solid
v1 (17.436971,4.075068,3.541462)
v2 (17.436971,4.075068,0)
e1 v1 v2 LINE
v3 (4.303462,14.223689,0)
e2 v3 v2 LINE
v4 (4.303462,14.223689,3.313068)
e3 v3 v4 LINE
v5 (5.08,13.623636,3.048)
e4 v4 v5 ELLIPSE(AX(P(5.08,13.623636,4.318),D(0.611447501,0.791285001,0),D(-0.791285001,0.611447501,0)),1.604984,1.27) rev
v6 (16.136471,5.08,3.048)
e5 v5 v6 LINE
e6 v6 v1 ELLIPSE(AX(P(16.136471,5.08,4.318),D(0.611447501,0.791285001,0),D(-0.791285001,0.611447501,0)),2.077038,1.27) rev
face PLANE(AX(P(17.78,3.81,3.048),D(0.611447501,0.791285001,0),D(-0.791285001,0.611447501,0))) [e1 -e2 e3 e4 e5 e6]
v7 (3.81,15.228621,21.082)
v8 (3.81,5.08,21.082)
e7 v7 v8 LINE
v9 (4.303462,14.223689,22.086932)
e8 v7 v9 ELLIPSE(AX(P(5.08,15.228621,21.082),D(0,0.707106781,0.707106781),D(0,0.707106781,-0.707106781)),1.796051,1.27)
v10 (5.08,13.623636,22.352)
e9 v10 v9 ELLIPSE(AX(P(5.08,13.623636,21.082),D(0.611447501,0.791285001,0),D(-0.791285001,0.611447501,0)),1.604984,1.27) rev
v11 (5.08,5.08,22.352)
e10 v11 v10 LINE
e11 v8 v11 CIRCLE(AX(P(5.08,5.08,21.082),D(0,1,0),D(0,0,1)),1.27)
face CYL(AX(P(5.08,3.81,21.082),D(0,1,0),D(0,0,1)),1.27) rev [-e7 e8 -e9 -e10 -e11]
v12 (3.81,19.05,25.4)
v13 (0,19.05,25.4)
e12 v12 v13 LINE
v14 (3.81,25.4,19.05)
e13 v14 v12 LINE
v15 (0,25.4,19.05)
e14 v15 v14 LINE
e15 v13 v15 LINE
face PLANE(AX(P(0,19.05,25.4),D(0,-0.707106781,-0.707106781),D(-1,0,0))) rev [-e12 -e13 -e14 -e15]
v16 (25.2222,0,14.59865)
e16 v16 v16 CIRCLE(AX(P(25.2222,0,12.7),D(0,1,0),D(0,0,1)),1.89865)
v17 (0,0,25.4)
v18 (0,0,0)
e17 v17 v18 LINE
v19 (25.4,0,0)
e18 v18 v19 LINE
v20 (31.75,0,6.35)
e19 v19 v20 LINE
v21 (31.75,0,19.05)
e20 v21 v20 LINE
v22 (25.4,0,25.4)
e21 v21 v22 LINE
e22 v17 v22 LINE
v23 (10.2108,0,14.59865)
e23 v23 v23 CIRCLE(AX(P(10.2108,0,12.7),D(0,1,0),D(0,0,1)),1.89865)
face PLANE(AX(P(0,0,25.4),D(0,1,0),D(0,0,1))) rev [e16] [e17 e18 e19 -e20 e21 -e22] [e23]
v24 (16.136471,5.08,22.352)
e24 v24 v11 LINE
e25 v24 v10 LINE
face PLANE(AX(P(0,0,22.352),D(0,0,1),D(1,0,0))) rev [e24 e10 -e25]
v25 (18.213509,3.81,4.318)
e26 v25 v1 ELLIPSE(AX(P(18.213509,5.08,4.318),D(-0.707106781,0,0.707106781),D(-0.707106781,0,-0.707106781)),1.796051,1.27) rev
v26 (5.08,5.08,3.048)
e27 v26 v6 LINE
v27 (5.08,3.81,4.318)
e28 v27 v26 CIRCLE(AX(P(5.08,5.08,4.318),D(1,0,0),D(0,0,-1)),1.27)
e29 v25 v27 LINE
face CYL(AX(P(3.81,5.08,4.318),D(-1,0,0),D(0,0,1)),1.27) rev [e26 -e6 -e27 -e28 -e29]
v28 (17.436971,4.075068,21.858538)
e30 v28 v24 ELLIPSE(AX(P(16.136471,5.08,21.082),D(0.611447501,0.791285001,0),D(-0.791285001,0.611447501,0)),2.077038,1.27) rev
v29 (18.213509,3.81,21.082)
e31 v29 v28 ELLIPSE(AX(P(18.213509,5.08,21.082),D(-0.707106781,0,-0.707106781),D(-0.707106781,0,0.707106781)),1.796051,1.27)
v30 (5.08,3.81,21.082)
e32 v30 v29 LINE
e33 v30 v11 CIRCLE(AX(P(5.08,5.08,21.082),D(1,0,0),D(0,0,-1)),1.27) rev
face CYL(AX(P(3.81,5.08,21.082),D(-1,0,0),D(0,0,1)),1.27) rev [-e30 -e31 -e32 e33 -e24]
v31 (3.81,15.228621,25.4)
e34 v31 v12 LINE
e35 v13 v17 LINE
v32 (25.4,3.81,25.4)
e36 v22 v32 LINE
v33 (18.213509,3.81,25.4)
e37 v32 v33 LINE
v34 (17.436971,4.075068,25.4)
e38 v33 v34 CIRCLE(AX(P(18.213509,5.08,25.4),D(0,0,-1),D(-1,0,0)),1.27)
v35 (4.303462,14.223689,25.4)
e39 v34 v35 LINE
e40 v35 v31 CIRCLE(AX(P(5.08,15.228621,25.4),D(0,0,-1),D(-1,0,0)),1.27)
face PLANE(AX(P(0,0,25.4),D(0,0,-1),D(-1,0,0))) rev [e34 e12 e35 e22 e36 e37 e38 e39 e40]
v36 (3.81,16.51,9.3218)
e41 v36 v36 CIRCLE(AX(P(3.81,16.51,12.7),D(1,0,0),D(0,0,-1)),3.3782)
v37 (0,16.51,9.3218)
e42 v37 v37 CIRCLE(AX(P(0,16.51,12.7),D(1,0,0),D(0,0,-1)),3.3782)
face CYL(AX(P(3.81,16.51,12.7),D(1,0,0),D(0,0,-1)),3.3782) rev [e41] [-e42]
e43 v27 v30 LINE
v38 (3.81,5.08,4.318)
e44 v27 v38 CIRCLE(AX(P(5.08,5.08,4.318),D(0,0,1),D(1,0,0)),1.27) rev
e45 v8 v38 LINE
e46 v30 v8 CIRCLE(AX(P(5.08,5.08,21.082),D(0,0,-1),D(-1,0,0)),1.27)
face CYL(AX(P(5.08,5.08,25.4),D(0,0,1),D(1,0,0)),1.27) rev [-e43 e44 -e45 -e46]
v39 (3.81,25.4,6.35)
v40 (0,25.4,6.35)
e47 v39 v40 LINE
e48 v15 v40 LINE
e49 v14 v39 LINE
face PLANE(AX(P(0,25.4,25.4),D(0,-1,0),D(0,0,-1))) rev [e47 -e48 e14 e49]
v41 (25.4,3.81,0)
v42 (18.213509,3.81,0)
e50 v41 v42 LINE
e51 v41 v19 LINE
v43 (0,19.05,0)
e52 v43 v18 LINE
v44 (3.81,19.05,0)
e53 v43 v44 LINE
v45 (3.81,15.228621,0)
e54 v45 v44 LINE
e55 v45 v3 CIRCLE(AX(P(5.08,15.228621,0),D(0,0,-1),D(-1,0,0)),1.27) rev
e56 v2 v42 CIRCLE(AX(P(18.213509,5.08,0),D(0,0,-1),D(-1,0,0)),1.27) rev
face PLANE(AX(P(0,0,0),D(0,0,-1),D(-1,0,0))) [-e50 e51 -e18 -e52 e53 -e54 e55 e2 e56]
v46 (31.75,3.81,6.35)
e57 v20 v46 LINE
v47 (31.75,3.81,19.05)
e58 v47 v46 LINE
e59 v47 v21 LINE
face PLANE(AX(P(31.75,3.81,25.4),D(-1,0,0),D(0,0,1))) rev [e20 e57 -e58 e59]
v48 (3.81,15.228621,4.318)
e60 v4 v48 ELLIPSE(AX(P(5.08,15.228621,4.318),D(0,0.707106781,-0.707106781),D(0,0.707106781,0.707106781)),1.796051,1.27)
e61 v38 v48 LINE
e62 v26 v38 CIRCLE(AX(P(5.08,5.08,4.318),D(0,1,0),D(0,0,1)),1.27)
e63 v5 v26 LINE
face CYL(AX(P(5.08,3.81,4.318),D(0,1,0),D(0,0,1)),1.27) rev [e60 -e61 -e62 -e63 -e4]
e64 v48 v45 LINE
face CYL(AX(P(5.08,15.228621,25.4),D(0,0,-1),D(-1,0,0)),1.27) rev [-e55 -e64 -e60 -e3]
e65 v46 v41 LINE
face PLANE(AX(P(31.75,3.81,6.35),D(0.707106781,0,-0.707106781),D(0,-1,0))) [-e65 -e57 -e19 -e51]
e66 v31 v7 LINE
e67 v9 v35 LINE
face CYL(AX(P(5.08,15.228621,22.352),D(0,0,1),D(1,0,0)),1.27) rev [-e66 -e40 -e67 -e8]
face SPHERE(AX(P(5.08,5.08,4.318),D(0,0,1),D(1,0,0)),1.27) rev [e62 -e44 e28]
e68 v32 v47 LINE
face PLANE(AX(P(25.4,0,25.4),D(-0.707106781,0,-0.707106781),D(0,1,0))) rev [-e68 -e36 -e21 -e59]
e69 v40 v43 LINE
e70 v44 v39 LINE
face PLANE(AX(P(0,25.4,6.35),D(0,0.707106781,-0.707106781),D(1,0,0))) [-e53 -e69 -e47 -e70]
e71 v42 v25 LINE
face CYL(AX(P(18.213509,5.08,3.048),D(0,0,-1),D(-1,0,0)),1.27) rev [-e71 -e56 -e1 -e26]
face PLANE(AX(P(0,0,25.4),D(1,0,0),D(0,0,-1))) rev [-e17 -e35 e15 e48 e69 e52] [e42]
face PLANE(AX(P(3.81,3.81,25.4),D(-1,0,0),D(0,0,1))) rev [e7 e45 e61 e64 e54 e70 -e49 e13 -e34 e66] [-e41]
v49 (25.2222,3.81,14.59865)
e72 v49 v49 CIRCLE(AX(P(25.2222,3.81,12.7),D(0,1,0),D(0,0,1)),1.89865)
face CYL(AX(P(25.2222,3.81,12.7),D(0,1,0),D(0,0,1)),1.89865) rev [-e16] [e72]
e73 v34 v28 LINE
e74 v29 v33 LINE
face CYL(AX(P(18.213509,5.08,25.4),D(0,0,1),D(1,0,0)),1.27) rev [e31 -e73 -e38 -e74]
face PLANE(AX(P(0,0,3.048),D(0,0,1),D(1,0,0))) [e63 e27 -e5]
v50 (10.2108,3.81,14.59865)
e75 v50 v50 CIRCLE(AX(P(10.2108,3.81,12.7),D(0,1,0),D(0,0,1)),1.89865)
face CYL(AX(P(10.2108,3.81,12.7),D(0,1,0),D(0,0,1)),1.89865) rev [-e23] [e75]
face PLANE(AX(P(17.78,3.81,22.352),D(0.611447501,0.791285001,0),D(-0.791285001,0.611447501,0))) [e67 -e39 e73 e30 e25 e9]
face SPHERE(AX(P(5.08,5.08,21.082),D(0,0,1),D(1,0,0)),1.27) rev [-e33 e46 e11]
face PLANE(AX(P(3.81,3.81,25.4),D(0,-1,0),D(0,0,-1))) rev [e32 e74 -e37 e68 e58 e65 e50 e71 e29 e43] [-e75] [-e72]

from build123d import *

# Parameters (mm, degrees)
BOSS_EXTRUDE1_DEPTH     = 25.4
F_6_CLEARANCE_HOLE1_D   = 3.7973
F_1_4_CLEARANCE_HOLE1_D = 6.7564
BOSS_EXTRUDE2_DEPTH     = 3.048
BOSS_EXTRUDE3_DEPTH     = 3.048
FILLET1_R               = 1.27
CHAMFER1_SIZE           = 6.35


with BuildPart() as part:
    # Sketch1 → Boss-Extrude1 (new body)
    with BuildSketch(Plane.XY):
        Polygon((0, 0), (0, 25.4), (3.81, 25.4), (3.81, 3.81), (31.75, 3.81), (31.75, 0), align=None)
    extrude(amount=BOSS_EXTRUDE1_DEPTH)

    # #6 Clearance Hole1 (through all)
    with Locations(Plane(origin=(0, 3.81, 0), x_dir=(1, 0, 0), z_dir=(0, 1, 0))):
        with Locations((10.2108, -12.7), (25.2222, -12.7)):
            Hole(F_6_CLEARANCE_HOLE1_D / 2)

    # 1/4 Clearance Hole1 (through all)
    with Locations(Plane(origin=(3.81, 0, 0), x_dir=(0, 0, -1), z_dir=(1, 0, 0))):
        with Locations((-12.7, 16.51)):
            Hole(F_1_4_CLEARANCE_HOLE1_D / 2)

    # Sketch6 → Boss-Extrude2 (add)
    with BuildSketch(Plane.XY.offset(25.4)):
        Polygon((3.81, 3.81), (17.78, 3.81), (3.81, 14.605), align=None)
    extrude(amount=-BOSS_EXTRUDE2_DEPTH)

    # Sketch7 → Boss-Extrude3 (add)
    with BuildSketch(Plane(origin=(0, 0, 0), x_dir=(-1, 0, 0), z_dir=(0, 0, -1))):
        Polygon((-3.81, 3.81), (-17.78, 3.81), (-3.81, 14.605), align=None)
    extrude(amount=-BOSS_EXTRUDE3_DEPTH)

    # Fillet1
    fillet1_edges = [part.edges().sort_by_distance(p)[0] for p in [
        (3.81, 3.81, 12.7),
        (3.81, 9.2075, 22.352),
        (3.81, 14.605, 23.876),
        (10.795, 3.81, 22.352),
        (17.78, 3.81, 23.876),
        (3.81, 9.2075, 3.048),
        (3.81, 14.605, 1.524),
        (10.795, 3.81, 3.048),
        (17.78, 3.81, 1.524),
    ]]
    fillet(fillet1_edges, radius=FILLET1_R)

    # Chamfer1
    chamfer1_edges = [part.edges().sort_by_distance(p)[0] for p in [
        (1.905, 25.4, 25.4),
        (1.905, 25.4, 0),
        (31.75, 1.905, 0),
        (31.75, 1.905, 25.4),
    ]]
    chamfer(chamfer1_edges, length=CHAMFER1_SIZE)


solid = part.part
